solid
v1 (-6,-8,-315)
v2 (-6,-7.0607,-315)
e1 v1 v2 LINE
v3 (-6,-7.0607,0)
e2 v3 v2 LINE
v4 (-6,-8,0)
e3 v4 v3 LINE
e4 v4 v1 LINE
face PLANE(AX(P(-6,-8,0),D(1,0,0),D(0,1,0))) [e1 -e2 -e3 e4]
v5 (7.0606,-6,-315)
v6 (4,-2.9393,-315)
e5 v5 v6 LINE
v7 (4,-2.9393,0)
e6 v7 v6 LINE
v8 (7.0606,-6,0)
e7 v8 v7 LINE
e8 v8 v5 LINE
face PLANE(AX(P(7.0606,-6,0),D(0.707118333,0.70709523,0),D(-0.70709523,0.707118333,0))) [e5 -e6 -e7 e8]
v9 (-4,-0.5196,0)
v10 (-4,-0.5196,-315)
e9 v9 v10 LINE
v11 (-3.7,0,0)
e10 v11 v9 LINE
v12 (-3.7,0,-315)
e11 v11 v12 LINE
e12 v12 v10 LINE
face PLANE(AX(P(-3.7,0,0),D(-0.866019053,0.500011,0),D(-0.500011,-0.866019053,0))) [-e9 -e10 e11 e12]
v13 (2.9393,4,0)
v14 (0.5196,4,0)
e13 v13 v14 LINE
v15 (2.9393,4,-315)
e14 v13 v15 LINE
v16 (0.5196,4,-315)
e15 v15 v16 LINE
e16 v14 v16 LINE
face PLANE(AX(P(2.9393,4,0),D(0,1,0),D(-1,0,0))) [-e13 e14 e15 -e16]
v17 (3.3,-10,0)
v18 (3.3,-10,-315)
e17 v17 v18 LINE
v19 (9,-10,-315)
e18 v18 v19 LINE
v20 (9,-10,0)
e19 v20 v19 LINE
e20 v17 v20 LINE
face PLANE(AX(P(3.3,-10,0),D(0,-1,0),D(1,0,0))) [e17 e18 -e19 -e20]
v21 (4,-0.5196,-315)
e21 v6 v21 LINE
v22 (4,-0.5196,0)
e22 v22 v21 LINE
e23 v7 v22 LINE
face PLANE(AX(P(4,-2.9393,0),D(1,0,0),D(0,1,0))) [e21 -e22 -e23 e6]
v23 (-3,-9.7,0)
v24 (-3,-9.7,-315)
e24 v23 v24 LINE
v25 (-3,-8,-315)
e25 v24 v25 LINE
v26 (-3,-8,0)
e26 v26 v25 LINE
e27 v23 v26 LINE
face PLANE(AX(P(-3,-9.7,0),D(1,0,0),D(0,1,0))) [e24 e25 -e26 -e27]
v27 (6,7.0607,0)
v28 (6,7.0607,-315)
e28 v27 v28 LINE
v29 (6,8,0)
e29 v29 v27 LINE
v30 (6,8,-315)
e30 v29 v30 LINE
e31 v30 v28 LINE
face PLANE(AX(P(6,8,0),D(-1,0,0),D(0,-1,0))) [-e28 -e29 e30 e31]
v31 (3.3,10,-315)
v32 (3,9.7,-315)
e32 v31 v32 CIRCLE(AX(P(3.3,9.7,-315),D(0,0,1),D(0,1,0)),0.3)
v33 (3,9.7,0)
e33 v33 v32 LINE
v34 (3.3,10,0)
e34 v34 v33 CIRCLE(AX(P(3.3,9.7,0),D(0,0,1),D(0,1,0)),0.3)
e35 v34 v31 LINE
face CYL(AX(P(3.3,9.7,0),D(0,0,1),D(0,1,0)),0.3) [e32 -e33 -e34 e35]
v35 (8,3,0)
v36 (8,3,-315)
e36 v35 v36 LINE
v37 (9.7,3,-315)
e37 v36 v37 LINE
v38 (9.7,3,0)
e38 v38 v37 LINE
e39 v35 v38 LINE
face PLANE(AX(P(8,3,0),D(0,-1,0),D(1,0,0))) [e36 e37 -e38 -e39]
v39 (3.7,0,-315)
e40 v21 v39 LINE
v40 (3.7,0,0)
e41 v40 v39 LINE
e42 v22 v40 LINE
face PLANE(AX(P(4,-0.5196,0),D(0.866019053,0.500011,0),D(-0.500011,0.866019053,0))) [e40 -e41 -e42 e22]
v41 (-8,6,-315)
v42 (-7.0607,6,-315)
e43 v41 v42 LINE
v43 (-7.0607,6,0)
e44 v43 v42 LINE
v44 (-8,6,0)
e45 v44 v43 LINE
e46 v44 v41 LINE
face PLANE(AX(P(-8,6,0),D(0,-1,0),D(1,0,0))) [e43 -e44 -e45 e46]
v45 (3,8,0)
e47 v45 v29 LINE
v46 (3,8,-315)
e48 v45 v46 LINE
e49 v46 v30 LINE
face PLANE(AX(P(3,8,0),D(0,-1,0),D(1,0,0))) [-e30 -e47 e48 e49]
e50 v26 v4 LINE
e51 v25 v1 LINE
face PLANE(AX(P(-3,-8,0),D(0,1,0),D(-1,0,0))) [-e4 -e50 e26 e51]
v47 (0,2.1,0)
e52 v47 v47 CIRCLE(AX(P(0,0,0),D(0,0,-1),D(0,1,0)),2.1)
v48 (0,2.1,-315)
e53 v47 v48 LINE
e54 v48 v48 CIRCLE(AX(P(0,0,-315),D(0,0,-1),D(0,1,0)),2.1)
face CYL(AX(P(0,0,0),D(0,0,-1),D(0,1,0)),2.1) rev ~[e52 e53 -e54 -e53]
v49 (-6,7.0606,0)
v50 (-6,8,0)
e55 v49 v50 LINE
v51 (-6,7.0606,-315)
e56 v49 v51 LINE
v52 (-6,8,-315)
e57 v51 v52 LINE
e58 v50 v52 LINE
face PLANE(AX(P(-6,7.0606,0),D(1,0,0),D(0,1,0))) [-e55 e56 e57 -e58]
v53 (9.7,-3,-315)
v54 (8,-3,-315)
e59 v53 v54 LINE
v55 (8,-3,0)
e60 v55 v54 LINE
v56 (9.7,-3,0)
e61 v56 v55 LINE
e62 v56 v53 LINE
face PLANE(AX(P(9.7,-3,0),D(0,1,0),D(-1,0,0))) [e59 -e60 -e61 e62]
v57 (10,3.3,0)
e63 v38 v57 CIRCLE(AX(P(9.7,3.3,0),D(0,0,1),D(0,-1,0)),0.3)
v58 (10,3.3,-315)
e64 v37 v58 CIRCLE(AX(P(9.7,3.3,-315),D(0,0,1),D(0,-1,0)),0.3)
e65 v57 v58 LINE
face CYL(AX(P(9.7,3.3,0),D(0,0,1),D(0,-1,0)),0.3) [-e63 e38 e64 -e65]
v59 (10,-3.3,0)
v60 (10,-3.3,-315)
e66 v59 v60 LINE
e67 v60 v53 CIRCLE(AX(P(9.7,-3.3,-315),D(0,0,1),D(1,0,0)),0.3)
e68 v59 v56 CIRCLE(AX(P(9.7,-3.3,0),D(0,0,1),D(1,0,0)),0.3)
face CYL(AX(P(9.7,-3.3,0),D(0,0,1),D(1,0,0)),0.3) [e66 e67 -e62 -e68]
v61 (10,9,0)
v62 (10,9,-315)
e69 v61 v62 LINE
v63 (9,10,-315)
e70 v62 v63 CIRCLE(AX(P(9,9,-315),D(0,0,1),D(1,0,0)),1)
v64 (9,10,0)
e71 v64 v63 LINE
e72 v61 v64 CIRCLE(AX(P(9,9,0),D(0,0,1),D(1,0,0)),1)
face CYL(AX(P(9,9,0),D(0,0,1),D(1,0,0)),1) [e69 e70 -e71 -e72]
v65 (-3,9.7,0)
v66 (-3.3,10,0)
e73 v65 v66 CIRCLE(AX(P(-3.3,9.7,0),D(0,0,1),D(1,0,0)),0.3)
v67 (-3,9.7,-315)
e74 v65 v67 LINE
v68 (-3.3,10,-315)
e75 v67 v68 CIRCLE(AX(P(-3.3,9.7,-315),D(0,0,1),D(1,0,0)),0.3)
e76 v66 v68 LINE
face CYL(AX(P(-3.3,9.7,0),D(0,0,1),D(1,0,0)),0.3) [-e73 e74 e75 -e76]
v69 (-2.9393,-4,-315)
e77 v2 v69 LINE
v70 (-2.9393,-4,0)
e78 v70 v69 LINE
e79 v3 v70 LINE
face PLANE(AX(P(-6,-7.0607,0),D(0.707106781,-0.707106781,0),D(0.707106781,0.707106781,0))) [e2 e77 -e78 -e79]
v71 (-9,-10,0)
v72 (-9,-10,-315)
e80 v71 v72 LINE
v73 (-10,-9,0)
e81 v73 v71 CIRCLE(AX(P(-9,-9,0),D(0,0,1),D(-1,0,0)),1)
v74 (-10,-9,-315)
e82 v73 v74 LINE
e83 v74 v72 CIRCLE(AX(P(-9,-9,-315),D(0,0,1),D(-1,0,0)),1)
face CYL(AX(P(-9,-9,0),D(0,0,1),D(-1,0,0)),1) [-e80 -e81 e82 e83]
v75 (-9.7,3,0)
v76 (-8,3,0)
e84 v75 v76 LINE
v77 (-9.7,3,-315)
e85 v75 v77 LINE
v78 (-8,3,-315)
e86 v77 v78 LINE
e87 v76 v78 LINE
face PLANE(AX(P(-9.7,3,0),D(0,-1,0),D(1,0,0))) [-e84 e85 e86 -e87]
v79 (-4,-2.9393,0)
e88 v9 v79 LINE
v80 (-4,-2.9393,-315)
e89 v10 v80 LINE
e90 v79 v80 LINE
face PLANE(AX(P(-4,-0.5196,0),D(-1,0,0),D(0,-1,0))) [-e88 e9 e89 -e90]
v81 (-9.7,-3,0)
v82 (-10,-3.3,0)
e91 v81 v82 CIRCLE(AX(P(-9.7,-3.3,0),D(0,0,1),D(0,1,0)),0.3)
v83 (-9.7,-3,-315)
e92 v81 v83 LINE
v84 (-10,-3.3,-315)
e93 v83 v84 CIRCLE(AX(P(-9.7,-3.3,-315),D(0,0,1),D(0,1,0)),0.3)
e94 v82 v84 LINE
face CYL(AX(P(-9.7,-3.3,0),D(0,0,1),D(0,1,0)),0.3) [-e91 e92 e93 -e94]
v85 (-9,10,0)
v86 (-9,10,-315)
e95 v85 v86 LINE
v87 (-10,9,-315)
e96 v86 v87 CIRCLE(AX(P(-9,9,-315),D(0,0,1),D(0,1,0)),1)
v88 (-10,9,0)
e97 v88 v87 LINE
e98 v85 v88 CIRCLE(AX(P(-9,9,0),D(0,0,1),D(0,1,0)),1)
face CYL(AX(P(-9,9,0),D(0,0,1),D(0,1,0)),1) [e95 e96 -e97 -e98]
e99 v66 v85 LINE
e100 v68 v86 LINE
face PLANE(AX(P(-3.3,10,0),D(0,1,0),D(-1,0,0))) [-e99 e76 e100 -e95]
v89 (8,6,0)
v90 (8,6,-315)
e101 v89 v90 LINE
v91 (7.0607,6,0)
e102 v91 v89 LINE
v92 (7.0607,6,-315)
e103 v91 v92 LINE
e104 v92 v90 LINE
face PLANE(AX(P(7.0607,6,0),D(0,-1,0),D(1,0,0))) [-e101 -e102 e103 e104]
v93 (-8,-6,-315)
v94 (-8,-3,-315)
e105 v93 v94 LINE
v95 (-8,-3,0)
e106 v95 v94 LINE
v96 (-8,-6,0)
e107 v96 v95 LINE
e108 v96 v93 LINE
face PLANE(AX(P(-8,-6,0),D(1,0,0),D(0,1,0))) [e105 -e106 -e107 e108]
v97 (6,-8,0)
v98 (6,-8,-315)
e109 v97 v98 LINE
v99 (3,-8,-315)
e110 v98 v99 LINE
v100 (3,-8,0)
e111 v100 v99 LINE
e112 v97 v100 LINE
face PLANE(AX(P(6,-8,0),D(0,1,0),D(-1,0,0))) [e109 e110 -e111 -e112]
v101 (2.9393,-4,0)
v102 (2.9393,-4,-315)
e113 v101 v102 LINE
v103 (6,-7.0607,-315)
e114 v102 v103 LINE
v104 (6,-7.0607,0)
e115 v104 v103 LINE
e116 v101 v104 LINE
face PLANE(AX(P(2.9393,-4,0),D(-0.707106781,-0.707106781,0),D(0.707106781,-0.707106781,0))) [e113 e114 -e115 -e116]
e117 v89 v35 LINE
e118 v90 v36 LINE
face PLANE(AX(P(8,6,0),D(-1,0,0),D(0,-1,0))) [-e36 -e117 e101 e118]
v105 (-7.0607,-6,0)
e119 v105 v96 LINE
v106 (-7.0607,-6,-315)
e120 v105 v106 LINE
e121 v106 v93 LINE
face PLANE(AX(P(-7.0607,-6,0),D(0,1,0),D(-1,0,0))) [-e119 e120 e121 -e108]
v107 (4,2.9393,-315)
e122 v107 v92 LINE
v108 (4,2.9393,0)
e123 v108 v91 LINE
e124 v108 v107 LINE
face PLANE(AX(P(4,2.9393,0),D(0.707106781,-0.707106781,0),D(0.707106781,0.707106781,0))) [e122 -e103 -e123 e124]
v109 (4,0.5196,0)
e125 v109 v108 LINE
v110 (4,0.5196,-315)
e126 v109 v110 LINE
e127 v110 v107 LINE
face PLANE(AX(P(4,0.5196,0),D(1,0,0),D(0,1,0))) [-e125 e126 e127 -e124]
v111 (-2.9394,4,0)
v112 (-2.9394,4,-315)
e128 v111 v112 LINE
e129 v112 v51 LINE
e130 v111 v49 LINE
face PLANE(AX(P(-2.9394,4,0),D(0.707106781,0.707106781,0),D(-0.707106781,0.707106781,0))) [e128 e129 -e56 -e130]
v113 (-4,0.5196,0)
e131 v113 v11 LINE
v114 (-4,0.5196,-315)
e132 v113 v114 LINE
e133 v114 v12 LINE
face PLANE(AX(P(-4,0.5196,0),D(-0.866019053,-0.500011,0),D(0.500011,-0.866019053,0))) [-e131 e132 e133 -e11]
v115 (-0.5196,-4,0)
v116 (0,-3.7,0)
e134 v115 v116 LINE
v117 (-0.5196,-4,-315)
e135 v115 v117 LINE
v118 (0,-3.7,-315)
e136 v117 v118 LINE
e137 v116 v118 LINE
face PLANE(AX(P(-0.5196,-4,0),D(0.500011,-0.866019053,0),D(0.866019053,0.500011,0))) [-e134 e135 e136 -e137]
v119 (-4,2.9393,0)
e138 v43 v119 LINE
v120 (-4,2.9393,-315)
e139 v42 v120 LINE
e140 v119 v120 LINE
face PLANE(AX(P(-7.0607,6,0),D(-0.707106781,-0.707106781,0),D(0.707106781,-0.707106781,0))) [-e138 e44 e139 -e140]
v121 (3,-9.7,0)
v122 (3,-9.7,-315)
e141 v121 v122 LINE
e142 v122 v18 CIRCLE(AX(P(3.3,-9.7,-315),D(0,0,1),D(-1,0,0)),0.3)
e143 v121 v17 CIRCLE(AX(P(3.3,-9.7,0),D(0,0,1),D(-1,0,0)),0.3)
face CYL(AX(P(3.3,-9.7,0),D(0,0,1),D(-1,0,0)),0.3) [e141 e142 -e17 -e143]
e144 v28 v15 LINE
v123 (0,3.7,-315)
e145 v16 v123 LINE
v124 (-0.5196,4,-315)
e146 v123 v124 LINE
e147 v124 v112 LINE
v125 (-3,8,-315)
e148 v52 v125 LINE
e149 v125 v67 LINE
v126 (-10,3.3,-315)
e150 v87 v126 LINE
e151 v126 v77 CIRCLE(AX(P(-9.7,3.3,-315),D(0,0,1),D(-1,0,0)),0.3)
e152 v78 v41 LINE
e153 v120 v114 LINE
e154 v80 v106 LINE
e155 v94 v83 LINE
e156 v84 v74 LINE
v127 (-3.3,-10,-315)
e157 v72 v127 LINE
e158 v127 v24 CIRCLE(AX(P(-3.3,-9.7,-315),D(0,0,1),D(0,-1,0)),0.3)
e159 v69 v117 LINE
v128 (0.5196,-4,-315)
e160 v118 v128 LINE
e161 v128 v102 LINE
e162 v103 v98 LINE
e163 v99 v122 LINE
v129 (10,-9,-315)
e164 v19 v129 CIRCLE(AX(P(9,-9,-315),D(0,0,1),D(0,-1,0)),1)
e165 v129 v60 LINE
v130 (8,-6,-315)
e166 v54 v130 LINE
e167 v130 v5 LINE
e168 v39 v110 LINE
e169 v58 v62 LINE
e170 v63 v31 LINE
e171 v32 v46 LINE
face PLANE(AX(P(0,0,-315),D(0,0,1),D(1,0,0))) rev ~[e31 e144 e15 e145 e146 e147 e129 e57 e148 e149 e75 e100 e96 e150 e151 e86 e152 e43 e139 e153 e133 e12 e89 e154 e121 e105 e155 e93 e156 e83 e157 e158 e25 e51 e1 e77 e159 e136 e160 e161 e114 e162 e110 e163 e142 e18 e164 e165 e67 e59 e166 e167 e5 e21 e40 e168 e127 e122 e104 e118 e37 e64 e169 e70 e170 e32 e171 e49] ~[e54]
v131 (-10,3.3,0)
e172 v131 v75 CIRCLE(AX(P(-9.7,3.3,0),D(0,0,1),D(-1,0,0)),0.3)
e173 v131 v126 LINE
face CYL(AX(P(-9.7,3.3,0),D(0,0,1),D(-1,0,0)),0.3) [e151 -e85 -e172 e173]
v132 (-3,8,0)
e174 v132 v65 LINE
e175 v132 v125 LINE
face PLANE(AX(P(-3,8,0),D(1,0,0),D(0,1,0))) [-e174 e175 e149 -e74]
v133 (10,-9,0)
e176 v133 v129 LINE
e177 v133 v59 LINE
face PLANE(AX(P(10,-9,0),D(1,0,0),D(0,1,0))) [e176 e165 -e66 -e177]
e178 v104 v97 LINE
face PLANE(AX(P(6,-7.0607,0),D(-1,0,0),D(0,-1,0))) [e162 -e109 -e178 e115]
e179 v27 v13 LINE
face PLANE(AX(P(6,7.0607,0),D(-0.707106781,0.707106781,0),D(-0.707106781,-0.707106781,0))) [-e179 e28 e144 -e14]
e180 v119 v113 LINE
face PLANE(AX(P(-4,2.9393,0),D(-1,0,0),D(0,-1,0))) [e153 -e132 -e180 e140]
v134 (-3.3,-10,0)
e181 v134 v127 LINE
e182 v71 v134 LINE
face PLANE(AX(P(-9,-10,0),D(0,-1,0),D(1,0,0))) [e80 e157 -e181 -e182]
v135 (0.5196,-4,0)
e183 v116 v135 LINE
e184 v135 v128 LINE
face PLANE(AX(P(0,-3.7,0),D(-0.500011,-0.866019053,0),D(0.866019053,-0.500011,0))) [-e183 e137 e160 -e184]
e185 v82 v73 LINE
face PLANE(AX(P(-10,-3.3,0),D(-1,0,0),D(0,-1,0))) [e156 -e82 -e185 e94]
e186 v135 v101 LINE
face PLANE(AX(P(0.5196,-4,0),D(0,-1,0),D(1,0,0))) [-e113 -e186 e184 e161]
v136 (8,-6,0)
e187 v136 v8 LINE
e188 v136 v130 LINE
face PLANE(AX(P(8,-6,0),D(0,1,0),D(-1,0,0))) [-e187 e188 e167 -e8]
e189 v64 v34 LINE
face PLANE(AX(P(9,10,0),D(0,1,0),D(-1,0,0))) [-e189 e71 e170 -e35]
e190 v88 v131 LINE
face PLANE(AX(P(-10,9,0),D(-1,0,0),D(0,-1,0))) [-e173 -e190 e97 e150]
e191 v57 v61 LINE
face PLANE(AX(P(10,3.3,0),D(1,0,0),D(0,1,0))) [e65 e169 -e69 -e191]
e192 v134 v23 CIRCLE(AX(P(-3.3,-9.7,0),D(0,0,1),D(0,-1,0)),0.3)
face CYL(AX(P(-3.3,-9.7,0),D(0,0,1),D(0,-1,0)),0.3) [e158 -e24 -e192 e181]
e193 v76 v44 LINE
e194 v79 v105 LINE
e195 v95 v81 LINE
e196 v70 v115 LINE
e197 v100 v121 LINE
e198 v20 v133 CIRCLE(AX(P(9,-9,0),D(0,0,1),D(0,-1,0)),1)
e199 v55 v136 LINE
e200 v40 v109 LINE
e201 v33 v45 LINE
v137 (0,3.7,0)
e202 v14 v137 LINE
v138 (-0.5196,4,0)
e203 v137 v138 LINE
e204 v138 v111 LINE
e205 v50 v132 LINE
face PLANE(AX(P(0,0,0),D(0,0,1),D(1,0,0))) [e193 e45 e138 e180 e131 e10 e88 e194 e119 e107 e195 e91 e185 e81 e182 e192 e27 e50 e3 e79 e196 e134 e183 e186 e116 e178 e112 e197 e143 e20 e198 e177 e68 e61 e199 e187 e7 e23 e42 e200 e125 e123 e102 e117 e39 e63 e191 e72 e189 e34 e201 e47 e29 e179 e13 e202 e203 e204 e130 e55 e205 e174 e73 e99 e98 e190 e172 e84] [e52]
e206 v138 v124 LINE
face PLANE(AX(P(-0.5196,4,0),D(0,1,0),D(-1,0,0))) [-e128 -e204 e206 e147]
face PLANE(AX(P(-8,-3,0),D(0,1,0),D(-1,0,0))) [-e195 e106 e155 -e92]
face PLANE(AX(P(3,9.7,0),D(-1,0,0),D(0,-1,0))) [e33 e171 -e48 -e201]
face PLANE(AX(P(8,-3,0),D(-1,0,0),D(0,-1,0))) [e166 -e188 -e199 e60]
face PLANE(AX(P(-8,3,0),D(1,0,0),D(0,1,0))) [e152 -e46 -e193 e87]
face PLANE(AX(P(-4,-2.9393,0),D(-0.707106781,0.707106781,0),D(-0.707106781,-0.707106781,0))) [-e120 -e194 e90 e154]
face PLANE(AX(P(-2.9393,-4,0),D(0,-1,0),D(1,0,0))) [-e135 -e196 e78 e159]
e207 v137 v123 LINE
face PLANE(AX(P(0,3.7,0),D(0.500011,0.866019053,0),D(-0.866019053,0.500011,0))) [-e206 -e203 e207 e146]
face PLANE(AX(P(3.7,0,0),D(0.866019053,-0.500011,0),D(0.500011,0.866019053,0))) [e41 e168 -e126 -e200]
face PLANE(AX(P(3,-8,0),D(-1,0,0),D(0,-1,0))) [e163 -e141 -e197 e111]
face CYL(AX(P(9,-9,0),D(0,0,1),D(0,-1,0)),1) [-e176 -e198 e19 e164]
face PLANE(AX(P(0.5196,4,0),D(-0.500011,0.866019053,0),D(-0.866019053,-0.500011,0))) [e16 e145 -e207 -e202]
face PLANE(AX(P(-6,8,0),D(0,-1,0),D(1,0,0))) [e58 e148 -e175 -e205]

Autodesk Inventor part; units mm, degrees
sketch "Sketch_1" plane through (0, 0, 0) normal (0, 0, 1) x (1, 0, 0)
  line L0 (-10, 9) -> (-10, 3.3)
  arc A0 (-10, 3.3) -> (-9.7, 3) centre (-9.7, 3.3) ccw
  line L1 (-9.7, 3) -> (-8, 3)
  line L2 (-8, 3) -> (-8, 6)
  line L3 (-8, 6) -> (-7.0607, 6)
  line L4 (-7.0607, 6) -> (-4, 2.9393)
  line L5 (-4, 2.9393) -> (-4, 0.5196)
  line L6 (-4, 0.5196) -> (-3.7, 0)
  line L7 (-3.7, 0) -> (-4, -0.5196)
  line L8 (-4, -0.5196) -> (-4, -2.9393)
  line L9 (-4, -2.9393) -> (-7.0607, -6)
  line L10 (-7.0607, -6) -> (-8, -6)
  line L11 (-8, -6) -> (-8, -3)
  line L12 (-8, -3) -> (-9.7, -3)
  arc A1 (-9.7, -3) -> (-10, -3.3) centre (-9.7, -3.3) ccw
  line L13 (-10, -3.3) -> (-10, -9)
  arc A2 (-10, -9) -> (-9, -10) centre (-9, -9) ccw
  line L14 (-9, -10) -> (-3.3, -10)
  arc A3 (-3.3, -10) -> (-3, -9.7) centre (-3.3, -9.7) ccw
  line L15 (-3, -9.7) -> (-3, -8)
  line L16 (-3, -8) -> (-6, -8)
  line L17 (-6, -8) -> (-6, -7.0607)
  line L18 (-6, -7.0607) -> (-2.9393, -4)
  line L19 (-2.9393, -4) -> (-0.5196, -4)
  line L20 (-0.5196, -4) -> (0, -3.7)
  line L21 (0, -3.7) -> (0.5196, -4)
  line L22 (0.5196, -4) -> (2.9393, -4)
  line L23 (2.9393, -4) -> (6, -7.0607)
  line L24 (6, -7.0607) -> (6, -8)
  line L25 (6, -8) -> (3, -8)
  line L26 (3, -8) -> (3, -9.7)
  arc A4 (3, -9.7) -> (3.3, -10) centre (3.3, -9.7) ccw
  line L27 (3.3, -10) -> (9, -10)
  arc A5 (9, -10) -> (10, -9) centre (9, -9) ccw
  line L28 (10, -9) -> (10, -3.3)
  arc A6 (10, -3.3) -> (9.7, -3) centre (9.7, -3.3) ccw
  line L29 (9.7, -3) -> (8, -3)
  line L30 (8, -3) -> (8, -6)
  line L31 (8, -6) -> (7.0606, -6)
  line L32 (7.0606, -6) -> (4, -2.9393)
  line L33 (4, -2.9393) -> (4, -0.5196)
  line L34 (4, -0.5196) -> (3.7, 0)
  line L35 (3.7, 0) -> (4, 0.5196)
  line L36 (4, 0.5196) -> (4, 2.9393)
  line L37 (4, 2.9393) -> (7.0607, 6)
  line L38 (7.0607, 6) -> (8, 6)
  line L39 (8, 6) -> (8, 3)
  line L40 (8, 3) -> (9.7, 3)
  arc A7 (9.7, 3) -> (10, 3.3) centre (9.7, 3.3) ccw
  line L41 (10, 3.3) -> (10, 9)
  arc A8 (10, 9) -> (9, 10) centre (9, 9) ccw
  line L42 (9, 10) -> (3.3, 10)
  arc A9 (3.3, 10) -> (3, 9.7) centre (3.3, 9.7) ccw
  line L43 (3, 9.7) -> (3, 8)
  line L44 (3, 8) -> (6, 8)
  line L45 (6, 8) -> (6, 7.0607)
  line L46 (6, 7.0607) -> (2.9393, 4)
  line L47 (2.9393, 4) -> (0.5196, 4)
  line L48 (0.5196, 4) -> (0, 3.7)
  line L49 (0, 3.7) -> (-0.5196, 4)
  line L50 (-0.5196, 4) -> (-2.9394, 4)
  line L51 (-2.9394, 4) -> (-6, 7.0606)
  line L52 (-6, 7.0606) -> (-6, 8)
  line L53 (-6, 8) -> (-3, 8)
  line L54 (-3, 8) -> (-3, 9.7)
  arc A10 (-3, 9.7) -> (-3.3, 10) centre (-3.3, 9.7) ccw
  line L55 (-3.3, 10) -> (-9, 10)
  arc A11 (-9, 10) -> (-10, 9) centre (-9, 9) ccw
extrude "Extrusion1" add sketch "Sketch_1" against normal blind 315
sketch "Sketch_2" plane through (0, 0, 0) normal (1, 0, 0) x (0, 0, -1)
  line L0 (400, 0) -> (0, 0)
  line L1 (0, 0) -> (0, 2.1)
  line L2 (0, 2.1) -> (400, 2.1)
  line L3 (400, 2.1) -> (400, 0)
  line L4 (400, 0) -> (0, 0)
revolve "Revolution1" cut sketch "Sketch_2" angle 360 about axis through (0, 0, -400) along (0, 0, -1)
ref_plane "C1_XY" through (0, 0, 0) normal (0, 0, 1) x (1, 0, 0)
ref_plane "C1_YZ" through (0, 0, 0) normal (1, 0, 0) x (0, 1, 0)
ref_plane "C1_ZX" through (0, 0, 0) normal (0, 1, 0) x (0, 0, 1)
properties part number "2020  extrusion 315 mm"
